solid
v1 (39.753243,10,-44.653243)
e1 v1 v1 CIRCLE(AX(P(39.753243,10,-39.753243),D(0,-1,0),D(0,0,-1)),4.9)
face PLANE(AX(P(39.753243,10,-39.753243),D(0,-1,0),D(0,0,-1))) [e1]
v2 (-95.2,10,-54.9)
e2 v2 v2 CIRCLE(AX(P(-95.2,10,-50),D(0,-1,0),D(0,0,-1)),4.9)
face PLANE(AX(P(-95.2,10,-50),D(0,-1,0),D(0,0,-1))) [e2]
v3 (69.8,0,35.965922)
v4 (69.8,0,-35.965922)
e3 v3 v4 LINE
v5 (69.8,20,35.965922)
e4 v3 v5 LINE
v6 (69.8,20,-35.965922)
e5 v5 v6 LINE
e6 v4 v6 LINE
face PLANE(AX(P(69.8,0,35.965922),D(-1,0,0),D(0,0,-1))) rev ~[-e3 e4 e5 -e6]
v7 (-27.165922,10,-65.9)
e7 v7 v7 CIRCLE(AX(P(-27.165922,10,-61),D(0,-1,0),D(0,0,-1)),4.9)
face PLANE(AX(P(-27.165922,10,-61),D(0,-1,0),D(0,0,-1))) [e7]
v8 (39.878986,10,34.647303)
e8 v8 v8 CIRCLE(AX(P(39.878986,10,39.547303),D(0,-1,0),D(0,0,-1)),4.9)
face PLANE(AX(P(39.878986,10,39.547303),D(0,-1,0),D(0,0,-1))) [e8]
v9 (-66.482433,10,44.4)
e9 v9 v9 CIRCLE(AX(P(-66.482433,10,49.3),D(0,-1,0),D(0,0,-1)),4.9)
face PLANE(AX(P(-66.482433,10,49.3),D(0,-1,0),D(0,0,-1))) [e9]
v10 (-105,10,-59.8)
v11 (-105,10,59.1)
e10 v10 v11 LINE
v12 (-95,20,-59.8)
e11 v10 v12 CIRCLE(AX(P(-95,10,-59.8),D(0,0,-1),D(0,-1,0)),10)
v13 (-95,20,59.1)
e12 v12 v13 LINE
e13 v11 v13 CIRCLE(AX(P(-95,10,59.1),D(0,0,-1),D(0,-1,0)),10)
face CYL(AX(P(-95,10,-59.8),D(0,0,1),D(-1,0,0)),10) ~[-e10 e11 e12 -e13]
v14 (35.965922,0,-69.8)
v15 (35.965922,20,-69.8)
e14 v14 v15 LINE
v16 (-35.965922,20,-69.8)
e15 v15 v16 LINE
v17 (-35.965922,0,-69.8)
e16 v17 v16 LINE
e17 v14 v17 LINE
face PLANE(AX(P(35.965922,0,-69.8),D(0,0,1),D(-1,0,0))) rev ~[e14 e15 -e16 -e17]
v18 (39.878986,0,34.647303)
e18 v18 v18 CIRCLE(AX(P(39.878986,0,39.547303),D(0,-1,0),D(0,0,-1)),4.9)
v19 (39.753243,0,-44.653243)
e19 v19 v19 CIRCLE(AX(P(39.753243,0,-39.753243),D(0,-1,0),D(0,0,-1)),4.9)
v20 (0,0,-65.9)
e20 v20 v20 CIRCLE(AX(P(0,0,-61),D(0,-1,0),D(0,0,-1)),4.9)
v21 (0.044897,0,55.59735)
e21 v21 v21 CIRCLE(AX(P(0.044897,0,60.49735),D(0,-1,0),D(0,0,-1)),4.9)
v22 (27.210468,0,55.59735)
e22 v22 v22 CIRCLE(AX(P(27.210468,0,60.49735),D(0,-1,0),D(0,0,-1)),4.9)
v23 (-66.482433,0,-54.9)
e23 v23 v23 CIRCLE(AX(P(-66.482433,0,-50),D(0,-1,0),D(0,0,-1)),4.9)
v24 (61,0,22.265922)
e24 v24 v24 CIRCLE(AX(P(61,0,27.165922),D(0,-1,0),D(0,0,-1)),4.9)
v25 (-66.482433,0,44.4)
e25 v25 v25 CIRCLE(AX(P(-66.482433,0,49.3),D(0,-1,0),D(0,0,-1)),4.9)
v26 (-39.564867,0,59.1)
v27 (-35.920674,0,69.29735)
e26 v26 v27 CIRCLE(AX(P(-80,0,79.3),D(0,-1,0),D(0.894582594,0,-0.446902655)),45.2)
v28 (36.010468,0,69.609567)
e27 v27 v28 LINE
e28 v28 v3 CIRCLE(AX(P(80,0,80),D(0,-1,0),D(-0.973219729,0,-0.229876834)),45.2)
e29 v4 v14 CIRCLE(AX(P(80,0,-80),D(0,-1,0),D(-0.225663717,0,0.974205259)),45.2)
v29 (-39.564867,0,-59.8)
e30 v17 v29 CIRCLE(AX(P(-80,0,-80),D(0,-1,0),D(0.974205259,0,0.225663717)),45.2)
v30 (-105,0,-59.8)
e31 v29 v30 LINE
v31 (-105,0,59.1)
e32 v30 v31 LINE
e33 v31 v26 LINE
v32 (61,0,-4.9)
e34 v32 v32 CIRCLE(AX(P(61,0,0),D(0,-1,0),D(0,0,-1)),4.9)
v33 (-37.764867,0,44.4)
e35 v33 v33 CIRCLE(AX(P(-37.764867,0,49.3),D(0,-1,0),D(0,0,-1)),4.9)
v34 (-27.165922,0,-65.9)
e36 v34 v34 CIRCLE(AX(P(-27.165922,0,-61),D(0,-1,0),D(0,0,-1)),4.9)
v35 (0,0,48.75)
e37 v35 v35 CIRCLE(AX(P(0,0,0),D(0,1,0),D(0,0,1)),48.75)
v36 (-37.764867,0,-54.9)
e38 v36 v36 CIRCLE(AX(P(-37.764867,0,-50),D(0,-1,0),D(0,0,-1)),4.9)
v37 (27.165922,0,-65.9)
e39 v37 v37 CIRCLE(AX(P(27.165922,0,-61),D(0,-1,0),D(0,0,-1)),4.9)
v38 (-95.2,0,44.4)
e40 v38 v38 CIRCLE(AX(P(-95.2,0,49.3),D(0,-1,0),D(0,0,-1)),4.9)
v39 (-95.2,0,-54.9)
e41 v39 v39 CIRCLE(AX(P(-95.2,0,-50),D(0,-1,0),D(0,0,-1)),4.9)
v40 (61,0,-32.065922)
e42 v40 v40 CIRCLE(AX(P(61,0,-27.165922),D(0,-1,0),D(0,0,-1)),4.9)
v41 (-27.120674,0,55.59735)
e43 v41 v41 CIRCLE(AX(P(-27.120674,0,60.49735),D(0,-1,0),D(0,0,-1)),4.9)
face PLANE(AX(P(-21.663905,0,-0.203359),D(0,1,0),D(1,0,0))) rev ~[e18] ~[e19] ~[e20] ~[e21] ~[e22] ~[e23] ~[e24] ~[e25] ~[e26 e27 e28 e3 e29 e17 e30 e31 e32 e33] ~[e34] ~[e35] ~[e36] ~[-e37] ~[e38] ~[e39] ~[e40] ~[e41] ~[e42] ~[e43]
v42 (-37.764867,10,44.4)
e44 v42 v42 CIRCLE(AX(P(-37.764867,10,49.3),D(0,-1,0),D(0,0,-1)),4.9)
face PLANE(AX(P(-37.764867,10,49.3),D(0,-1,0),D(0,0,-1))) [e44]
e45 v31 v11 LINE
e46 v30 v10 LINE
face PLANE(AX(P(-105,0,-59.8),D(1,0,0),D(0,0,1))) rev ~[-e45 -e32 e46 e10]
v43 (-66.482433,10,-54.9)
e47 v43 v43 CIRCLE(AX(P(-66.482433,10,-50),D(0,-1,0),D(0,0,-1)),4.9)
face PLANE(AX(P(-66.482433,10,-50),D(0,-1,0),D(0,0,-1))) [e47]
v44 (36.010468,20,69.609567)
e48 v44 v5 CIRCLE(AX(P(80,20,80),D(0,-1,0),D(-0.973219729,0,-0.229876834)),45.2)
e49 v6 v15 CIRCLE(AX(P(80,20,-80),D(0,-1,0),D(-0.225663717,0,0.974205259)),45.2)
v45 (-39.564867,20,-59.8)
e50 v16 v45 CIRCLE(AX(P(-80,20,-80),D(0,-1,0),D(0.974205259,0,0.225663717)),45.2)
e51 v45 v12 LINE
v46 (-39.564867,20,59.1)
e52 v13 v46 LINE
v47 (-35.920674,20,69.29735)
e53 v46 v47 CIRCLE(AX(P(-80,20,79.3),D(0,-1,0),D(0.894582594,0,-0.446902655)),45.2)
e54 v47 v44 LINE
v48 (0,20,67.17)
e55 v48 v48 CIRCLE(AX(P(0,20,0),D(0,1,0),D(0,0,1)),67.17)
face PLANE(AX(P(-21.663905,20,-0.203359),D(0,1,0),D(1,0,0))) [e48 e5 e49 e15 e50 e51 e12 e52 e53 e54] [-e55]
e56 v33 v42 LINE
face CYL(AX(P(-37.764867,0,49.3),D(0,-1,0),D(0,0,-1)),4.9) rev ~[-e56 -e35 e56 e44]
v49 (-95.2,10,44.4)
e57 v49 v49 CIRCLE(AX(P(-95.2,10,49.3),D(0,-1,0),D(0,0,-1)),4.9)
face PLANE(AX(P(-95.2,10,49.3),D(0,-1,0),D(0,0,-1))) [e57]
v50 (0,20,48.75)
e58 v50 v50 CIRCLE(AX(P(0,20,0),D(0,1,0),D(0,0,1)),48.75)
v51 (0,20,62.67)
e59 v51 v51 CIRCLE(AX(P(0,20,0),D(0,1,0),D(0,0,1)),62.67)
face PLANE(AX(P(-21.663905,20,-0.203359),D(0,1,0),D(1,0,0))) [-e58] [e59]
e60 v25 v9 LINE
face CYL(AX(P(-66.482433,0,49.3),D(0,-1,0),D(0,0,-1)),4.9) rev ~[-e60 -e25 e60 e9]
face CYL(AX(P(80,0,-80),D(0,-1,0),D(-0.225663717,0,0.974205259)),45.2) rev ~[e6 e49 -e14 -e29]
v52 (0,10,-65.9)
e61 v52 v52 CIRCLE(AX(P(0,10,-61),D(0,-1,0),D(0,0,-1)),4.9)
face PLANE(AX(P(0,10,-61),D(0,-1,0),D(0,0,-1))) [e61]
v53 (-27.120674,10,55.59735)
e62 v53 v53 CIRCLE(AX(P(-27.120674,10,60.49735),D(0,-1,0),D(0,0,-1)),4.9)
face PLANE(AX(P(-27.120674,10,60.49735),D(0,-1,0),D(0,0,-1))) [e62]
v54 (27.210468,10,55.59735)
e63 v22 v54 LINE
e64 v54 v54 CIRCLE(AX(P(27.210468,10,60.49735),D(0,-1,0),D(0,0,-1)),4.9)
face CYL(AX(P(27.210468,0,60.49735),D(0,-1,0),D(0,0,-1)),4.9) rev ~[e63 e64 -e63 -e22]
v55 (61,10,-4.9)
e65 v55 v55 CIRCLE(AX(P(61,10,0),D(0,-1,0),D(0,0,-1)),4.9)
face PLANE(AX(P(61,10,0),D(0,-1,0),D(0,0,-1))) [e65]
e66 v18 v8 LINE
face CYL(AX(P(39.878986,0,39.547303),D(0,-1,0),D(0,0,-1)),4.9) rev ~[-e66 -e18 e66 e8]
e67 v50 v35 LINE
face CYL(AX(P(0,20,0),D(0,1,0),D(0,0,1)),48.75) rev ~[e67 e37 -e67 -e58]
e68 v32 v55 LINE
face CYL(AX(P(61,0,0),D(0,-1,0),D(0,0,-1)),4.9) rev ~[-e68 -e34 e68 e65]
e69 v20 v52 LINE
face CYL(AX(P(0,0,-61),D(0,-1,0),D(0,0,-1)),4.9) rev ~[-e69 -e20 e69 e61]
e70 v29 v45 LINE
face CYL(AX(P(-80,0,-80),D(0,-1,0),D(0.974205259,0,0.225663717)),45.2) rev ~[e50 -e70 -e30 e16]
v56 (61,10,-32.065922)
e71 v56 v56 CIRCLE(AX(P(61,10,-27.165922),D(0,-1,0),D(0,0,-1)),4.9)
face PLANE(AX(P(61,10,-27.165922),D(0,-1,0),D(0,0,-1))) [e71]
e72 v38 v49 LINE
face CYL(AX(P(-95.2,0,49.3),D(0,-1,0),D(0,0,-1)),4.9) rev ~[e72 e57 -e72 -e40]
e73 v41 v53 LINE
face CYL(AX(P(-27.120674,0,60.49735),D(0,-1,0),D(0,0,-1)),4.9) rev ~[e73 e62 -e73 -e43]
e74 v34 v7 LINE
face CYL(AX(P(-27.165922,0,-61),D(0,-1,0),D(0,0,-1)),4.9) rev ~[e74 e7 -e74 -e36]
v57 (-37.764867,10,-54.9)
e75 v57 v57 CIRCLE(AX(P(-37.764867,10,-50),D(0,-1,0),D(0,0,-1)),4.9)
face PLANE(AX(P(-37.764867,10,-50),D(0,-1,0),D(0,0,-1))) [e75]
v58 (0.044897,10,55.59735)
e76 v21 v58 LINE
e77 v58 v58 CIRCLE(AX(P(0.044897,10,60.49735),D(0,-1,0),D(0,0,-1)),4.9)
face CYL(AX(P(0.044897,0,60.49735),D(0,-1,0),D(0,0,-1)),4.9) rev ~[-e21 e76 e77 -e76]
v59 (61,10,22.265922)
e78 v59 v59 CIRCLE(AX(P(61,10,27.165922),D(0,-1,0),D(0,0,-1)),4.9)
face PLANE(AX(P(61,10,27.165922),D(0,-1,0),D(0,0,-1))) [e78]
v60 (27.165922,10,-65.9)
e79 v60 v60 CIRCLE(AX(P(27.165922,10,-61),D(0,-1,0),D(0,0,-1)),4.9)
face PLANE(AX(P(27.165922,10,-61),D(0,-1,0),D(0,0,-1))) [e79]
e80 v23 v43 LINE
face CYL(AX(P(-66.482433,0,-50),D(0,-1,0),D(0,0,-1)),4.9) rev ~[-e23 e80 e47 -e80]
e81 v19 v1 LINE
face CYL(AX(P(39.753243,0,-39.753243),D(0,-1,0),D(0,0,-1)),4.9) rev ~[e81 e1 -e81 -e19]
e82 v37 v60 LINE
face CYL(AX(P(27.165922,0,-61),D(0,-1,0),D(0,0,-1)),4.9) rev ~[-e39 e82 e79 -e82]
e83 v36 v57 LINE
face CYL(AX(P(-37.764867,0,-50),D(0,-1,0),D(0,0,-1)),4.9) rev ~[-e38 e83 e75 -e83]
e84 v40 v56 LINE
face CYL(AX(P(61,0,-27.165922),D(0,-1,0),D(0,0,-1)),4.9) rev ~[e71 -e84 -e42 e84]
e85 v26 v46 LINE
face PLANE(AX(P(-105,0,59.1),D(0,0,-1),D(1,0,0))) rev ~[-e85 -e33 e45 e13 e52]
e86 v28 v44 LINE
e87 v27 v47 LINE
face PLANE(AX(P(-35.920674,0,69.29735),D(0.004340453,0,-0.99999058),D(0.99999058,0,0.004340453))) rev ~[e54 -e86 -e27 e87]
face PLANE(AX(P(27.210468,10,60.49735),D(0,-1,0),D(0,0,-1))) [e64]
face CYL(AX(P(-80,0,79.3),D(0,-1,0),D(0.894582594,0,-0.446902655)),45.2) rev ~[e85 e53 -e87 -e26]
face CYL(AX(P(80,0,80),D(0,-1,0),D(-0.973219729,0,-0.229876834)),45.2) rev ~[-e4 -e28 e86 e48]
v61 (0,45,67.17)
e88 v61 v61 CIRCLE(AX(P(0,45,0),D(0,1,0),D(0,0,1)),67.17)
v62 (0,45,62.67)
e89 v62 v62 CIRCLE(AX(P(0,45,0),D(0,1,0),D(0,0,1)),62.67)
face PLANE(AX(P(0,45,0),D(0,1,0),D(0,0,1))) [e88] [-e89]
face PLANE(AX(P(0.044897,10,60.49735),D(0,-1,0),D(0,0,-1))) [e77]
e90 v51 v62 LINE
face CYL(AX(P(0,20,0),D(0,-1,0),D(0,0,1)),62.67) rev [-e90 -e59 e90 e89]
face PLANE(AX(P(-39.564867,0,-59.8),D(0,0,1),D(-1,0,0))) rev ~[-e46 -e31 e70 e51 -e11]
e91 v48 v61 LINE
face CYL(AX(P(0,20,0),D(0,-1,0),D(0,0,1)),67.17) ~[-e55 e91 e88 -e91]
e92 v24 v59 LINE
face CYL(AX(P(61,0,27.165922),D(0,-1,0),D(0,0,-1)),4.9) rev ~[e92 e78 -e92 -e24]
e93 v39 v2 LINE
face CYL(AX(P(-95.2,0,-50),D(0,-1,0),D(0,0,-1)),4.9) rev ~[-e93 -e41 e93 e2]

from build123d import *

# Parameters (mm, degrees)
SALIENTE_EXTRUIR4_DEPTH = 20
REDONDEO1_R             = 10
CROQUIS4_3_R            = 4.9
CORTAR_EXTRUIR3_DEPTH   = 10
CROQUIS7_R              = 67.17
CROQUIS7_R_2            = 62.67
SALIENTE_EXTRUIR7_DEPTH = 25
CROQUIS8_R              = 48.75
CORTAR_EXTRUIR4_DEPTH   = 129.538087741


with BuildPart() as part:
    # Croquis2 → Saliente-Extruir4 (new body)
    with BuildSketch(Plane(origin=(0, 0, 0), x_dir=(1, 0, 0), z_dir=(0, 1, 0))):
        with BuildLine():
            Line((-105, 59.8), (-105, -59.1))
            Line((-105, -59.1), (-39.564866762, -59.1))
            ThreePointArc((-39.564866762, -59.1), (-37.4362836, -64.089147092), (-35.920673767, -69.297350411))
            Line((-35.920673767, -69.297350411), (36.010468241, -69.60956711))
            ThreePointArc((36.010468241, -69.60956711), (48.107993991, -47.969702582), (69.8, -35.965922287))
            Line((69.8, -35.965922287), (69.8, 35.965922287))
            ThreePointArc((69.8, 35.965922287), (48.03877349, 48.03877349), (35.965922287, 69.8))
            Line((35.965922287, 69.8), (-35.965922287, 69.8))
            ThreePointArc((-35.965922287, 69.8), (-37.470458506, 64.693854165), (-39.564866762, 59.8))
            Line((-39.564866762, 59.8), (-105, 59.8))
        make_face()
    extrude(amount=SALIENTE_EXTRUIR4_DEPTH)

    # Redondeo1
    redondeo1_edges = [part.edges().sort_by_distance(p)[0] for p in [
        (-105, 20, -0.35),
    ]]
    fillet(redondeo1_edges, radius=REDONDEO1_R)

    # Croquis4<3> → Cortar-Extruir3 (cut)
    with BuildSketch(Plane.XZ):
        with Locations((-95.2, 49.3)):
            Circle(CROQUIS4_3_R)
        with Locations((-66.482433381, 49.3)):
            Circle(CROQUIS4_3_R)
        with Locations((-37.764866762, 49.3)):
            Circle(CROQUIS4_3_R)
        with Locations((-27.120673767, 60.497350411)):
            Circle(CROQUIS4_3_R)
        with Locations((0.044897237, 60.497350411)):
            Circle(CROQUIS4_3_R)
        with Locations((27.210468241, 60.497350411)):
            Circle(CROQUIS4_3_R)
        with Locations((61, 27.165922287)):
            Circle(CROQUIS4_3_R)
        with Locations((39.878985668, 39.547302783)):
            Circle(CROQUIS4_3_R)
        with Locations((61, 0)):
            Circle(CROQUIS4_3_R)
        with Locations((61, -27.165922287)):
            Circle(CROQUIS4_3_R)
        with Locations((27.165922287, -61)):
            Circle(CROQUIS4_3_R)
        with Locations((39.753243225, -39.753243225)):
            Circle(CROQUIS4_3_R)
        with Locations((0, -61)):
            Circle(CROQUIS4_3_R)
        with Locations((-27.165922287, -61)):
            Circle(CROQUIS4_3_R)
        with Locations((-37.764866762, -50)):
            Circle(CROQUIS4_3_R)
        with Locations((-66.482433381, -50)):
            Circle(CROQUIS4_3_R)
        with Locations((-95.2, -50)):
            Circle(CROQUIS4_3_R)
    extrude(amount=-CORTAR_EXTRUIR3_DEPTH, mode=Mode.SUBTRACT)

    # Croquis7 → Saliente-Extruir7 (add)
    with BuildSketch(Plane(origin=(0, 20, 0), x_dir=(1, 0, 0), z_dir=(0, 1, 0))):
        Circle(CROQUIS7_R)
        Circle(CROQUIS7_R_2, mode=Mode.SUBTRACT)
    extrude(amount=SALIENTE_EXTRUIR7_DEPTH)

    # Croquis8 → Cortar-Extruir4 (cut, through all)
    with BuildSketch(Plane(origin=(0, 20, 0), x_dir=(1, 0, 0), z_dir=(0, 1, 0))):
        Circle(CROQUIS8_R)
    extrude(amount=-CORTAR_EXTRUIR4_DEPTH, mode=Mode.SUBTRACT)


solid = part.part
